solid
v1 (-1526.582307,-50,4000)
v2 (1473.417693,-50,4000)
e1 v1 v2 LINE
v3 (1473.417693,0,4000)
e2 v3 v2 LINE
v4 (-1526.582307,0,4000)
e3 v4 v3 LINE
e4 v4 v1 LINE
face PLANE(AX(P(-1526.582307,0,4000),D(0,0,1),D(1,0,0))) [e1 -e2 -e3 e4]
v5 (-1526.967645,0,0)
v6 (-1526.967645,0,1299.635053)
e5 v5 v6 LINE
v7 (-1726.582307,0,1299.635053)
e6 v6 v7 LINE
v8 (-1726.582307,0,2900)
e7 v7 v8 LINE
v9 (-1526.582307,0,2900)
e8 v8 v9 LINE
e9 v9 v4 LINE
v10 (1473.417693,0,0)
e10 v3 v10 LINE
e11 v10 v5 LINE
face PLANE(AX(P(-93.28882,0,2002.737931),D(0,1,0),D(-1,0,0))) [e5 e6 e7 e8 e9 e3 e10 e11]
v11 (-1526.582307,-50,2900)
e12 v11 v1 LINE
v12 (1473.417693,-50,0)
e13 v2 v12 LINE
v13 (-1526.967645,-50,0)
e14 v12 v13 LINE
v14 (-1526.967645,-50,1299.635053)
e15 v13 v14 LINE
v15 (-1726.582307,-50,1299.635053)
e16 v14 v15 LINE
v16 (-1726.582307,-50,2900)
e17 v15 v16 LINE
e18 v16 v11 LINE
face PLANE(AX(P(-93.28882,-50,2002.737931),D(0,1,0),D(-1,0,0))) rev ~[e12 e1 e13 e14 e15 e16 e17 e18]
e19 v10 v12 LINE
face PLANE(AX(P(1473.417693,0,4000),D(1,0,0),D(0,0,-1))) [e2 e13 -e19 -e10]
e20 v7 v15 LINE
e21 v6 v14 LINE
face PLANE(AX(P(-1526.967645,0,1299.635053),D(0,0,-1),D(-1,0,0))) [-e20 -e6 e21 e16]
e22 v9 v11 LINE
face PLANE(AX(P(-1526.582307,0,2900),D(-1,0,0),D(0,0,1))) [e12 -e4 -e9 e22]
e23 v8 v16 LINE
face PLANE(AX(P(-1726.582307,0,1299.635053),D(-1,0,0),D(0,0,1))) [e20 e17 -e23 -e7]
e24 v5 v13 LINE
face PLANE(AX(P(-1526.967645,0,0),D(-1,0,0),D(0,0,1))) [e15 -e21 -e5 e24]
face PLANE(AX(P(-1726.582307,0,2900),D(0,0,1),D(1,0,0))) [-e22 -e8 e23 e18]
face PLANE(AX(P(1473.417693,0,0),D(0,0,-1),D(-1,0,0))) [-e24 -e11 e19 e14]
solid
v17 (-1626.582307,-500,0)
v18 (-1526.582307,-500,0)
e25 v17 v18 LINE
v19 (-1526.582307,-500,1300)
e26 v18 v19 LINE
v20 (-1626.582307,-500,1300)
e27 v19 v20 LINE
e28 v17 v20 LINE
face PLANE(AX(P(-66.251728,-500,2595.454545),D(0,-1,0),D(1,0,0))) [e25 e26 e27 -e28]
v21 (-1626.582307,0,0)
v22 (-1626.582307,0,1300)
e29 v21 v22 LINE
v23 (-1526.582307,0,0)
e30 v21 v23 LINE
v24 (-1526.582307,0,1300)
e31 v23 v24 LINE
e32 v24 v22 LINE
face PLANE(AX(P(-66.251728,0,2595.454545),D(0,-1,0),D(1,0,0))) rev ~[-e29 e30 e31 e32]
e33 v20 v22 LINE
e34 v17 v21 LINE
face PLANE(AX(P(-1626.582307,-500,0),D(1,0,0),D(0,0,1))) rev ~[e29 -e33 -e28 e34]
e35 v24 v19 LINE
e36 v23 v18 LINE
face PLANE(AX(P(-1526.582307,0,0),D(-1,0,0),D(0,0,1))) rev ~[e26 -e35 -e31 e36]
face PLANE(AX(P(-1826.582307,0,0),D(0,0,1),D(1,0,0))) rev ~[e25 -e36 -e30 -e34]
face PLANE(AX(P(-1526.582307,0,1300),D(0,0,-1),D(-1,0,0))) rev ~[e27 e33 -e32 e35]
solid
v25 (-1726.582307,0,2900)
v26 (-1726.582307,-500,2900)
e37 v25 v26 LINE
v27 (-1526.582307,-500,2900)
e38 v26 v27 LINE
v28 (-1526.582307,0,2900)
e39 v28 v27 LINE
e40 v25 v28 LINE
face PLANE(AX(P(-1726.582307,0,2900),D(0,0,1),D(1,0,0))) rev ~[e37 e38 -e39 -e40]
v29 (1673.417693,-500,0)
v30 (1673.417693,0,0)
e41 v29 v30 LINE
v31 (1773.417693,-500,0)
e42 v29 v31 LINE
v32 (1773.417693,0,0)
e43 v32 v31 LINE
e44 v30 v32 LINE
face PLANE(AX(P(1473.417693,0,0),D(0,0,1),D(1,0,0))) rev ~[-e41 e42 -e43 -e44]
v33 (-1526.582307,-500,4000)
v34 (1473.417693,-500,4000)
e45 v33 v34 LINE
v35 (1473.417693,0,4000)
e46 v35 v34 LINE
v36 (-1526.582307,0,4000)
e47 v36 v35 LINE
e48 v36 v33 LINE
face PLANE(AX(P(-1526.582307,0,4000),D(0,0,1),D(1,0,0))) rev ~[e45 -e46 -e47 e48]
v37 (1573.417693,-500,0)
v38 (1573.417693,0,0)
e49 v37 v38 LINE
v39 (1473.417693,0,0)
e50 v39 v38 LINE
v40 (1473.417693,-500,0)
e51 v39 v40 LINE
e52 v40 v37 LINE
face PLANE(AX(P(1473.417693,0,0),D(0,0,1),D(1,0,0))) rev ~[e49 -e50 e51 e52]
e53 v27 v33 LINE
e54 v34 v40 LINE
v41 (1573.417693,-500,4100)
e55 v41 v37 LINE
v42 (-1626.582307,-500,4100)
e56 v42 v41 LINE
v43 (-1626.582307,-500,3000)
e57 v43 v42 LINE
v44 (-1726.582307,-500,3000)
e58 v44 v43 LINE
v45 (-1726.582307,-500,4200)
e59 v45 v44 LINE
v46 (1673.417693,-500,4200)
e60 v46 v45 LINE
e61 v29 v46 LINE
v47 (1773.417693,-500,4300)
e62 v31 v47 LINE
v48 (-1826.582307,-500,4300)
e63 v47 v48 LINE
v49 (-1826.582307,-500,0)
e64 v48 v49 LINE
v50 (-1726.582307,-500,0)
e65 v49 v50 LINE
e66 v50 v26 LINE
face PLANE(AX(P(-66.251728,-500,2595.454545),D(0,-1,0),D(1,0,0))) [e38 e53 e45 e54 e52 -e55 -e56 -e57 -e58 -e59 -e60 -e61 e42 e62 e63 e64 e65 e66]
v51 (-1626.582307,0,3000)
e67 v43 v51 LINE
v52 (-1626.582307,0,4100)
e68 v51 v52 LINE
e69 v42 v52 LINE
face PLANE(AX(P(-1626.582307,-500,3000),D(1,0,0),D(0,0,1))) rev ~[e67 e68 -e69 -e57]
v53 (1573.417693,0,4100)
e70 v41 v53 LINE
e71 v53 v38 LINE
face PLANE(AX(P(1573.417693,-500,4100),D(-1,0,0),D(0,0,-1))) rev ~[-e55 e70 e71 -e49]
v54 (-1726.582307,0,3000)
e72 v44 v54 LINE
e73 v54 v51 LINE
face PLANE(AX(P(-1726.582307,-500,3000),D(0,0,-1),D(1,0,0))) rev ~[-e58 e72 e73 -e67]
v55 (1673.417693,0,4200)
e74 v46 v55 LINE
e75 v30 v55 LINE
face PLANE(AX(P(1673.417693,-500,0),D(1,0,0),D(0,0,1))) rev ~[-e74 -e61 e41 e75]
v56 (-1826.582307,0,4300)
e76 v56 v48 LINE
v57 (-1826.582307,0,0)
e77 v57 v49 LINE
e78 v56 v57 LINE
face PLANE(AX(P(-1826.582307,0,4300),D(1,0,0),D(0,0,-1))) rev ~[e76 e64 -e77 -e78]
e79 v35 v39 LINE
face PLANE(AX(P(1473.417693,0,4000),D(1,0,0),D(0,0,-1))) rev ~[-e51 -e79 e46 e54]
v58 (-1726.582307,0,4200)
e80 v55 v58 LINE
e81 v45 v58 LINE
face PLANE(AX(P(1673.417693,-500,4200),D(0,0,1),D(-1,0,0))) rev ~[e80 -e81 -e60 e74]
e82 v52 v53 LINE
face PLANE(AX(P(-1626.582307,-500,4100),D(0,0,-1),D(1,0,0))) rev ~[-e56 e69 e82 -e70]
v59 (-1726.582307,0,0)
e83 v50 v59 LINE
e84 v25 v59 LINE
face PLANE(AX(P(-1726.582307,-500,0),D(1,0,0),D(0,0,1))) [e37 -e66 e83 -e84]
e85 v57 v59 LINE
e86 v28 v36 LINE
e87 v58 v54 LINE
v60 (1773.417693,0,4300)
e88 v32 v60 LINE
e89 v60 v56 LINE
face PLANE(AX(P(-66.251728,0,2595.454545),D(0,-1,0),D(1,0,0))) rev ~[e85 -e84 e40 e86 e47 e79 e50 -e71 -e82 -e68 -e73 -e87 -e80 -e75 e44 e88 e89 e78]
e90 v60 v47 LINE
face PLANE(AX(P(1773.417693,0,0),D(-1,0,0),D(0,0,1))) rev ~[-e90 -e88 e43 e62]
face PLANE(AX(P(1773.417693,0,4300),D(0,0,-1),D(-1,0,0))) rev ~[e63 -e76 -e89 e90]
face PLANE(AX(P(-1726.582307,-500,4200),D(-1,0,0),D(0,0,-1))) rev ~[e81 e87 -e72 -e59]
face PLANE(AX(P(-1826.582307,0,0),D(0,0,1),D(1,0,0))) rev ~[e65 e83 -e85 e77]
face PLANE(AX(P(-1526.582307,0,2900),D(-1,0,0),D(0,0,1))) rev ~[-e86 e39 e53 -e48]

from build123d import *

# Parameters (mm, degrees)
F1_DEPTH = 500
F2_W     = 100
F2_H     = 1300
F3_DEPTH = 500.001
F5_DEPTH = 50


with BuildPart() as f1:
    # F0 (on Front) → F1 (new body)
    with BuildSketch(Plane.XZ):
        Polygon((-1826.582307, 4300), (-1826.582307, 0), (-1526.582307, 0), (-1526.582307, 1300), (-1726.582307, 1300), (-1726.582307, 2900), (-1526.582307, 2900), (-1526.582307, 4000), (1473.417693, 4000), (1473.417693, 0), (1773.417693, 0), (1773.417693, 4300), align=None)
    extrude(amount=F1_DEPTH)

    # F2 (on face) → F3 (cut, through all)
    with BuildSketch(Plane.XZ.offset(500)):
        Polygon((-1726.582307, 4200), (-1726.582307, 3000), (-1626.582307, 3000), (-1626.582307, 4100), (1573.417693, 4100), (1573.417693, 0), (1673.417693, 0), (1673.417693, 4200), align=None)
        with Locations((-1676.582307, 650)):
            Rectangle(F2_W, F2_H)
    extrude(amount=-F3_DEPTH, mode=Mode.SUBTRACT)


with BuildPart() as f5:
    # F4 (on face) → F5 (new body)
    with BuildSketch(Plane(origin=(0, 0, 0), x_dir=(-1, 0, 0), z_dir=(0, 1, 0))):
        Polygon((-1473.417693, 0), (1526.967645, 0), (1526.967645, 1299.635053), (1726.582307, 1299.635053), (1726.582307, 2900), (1526.582307, 2900), (1526.582307, 4000), (-1473.417693, 4000), align=None)
    extrude(amount=-F5_DEPTH)


solid = Compound([f1.part, f5.part])
